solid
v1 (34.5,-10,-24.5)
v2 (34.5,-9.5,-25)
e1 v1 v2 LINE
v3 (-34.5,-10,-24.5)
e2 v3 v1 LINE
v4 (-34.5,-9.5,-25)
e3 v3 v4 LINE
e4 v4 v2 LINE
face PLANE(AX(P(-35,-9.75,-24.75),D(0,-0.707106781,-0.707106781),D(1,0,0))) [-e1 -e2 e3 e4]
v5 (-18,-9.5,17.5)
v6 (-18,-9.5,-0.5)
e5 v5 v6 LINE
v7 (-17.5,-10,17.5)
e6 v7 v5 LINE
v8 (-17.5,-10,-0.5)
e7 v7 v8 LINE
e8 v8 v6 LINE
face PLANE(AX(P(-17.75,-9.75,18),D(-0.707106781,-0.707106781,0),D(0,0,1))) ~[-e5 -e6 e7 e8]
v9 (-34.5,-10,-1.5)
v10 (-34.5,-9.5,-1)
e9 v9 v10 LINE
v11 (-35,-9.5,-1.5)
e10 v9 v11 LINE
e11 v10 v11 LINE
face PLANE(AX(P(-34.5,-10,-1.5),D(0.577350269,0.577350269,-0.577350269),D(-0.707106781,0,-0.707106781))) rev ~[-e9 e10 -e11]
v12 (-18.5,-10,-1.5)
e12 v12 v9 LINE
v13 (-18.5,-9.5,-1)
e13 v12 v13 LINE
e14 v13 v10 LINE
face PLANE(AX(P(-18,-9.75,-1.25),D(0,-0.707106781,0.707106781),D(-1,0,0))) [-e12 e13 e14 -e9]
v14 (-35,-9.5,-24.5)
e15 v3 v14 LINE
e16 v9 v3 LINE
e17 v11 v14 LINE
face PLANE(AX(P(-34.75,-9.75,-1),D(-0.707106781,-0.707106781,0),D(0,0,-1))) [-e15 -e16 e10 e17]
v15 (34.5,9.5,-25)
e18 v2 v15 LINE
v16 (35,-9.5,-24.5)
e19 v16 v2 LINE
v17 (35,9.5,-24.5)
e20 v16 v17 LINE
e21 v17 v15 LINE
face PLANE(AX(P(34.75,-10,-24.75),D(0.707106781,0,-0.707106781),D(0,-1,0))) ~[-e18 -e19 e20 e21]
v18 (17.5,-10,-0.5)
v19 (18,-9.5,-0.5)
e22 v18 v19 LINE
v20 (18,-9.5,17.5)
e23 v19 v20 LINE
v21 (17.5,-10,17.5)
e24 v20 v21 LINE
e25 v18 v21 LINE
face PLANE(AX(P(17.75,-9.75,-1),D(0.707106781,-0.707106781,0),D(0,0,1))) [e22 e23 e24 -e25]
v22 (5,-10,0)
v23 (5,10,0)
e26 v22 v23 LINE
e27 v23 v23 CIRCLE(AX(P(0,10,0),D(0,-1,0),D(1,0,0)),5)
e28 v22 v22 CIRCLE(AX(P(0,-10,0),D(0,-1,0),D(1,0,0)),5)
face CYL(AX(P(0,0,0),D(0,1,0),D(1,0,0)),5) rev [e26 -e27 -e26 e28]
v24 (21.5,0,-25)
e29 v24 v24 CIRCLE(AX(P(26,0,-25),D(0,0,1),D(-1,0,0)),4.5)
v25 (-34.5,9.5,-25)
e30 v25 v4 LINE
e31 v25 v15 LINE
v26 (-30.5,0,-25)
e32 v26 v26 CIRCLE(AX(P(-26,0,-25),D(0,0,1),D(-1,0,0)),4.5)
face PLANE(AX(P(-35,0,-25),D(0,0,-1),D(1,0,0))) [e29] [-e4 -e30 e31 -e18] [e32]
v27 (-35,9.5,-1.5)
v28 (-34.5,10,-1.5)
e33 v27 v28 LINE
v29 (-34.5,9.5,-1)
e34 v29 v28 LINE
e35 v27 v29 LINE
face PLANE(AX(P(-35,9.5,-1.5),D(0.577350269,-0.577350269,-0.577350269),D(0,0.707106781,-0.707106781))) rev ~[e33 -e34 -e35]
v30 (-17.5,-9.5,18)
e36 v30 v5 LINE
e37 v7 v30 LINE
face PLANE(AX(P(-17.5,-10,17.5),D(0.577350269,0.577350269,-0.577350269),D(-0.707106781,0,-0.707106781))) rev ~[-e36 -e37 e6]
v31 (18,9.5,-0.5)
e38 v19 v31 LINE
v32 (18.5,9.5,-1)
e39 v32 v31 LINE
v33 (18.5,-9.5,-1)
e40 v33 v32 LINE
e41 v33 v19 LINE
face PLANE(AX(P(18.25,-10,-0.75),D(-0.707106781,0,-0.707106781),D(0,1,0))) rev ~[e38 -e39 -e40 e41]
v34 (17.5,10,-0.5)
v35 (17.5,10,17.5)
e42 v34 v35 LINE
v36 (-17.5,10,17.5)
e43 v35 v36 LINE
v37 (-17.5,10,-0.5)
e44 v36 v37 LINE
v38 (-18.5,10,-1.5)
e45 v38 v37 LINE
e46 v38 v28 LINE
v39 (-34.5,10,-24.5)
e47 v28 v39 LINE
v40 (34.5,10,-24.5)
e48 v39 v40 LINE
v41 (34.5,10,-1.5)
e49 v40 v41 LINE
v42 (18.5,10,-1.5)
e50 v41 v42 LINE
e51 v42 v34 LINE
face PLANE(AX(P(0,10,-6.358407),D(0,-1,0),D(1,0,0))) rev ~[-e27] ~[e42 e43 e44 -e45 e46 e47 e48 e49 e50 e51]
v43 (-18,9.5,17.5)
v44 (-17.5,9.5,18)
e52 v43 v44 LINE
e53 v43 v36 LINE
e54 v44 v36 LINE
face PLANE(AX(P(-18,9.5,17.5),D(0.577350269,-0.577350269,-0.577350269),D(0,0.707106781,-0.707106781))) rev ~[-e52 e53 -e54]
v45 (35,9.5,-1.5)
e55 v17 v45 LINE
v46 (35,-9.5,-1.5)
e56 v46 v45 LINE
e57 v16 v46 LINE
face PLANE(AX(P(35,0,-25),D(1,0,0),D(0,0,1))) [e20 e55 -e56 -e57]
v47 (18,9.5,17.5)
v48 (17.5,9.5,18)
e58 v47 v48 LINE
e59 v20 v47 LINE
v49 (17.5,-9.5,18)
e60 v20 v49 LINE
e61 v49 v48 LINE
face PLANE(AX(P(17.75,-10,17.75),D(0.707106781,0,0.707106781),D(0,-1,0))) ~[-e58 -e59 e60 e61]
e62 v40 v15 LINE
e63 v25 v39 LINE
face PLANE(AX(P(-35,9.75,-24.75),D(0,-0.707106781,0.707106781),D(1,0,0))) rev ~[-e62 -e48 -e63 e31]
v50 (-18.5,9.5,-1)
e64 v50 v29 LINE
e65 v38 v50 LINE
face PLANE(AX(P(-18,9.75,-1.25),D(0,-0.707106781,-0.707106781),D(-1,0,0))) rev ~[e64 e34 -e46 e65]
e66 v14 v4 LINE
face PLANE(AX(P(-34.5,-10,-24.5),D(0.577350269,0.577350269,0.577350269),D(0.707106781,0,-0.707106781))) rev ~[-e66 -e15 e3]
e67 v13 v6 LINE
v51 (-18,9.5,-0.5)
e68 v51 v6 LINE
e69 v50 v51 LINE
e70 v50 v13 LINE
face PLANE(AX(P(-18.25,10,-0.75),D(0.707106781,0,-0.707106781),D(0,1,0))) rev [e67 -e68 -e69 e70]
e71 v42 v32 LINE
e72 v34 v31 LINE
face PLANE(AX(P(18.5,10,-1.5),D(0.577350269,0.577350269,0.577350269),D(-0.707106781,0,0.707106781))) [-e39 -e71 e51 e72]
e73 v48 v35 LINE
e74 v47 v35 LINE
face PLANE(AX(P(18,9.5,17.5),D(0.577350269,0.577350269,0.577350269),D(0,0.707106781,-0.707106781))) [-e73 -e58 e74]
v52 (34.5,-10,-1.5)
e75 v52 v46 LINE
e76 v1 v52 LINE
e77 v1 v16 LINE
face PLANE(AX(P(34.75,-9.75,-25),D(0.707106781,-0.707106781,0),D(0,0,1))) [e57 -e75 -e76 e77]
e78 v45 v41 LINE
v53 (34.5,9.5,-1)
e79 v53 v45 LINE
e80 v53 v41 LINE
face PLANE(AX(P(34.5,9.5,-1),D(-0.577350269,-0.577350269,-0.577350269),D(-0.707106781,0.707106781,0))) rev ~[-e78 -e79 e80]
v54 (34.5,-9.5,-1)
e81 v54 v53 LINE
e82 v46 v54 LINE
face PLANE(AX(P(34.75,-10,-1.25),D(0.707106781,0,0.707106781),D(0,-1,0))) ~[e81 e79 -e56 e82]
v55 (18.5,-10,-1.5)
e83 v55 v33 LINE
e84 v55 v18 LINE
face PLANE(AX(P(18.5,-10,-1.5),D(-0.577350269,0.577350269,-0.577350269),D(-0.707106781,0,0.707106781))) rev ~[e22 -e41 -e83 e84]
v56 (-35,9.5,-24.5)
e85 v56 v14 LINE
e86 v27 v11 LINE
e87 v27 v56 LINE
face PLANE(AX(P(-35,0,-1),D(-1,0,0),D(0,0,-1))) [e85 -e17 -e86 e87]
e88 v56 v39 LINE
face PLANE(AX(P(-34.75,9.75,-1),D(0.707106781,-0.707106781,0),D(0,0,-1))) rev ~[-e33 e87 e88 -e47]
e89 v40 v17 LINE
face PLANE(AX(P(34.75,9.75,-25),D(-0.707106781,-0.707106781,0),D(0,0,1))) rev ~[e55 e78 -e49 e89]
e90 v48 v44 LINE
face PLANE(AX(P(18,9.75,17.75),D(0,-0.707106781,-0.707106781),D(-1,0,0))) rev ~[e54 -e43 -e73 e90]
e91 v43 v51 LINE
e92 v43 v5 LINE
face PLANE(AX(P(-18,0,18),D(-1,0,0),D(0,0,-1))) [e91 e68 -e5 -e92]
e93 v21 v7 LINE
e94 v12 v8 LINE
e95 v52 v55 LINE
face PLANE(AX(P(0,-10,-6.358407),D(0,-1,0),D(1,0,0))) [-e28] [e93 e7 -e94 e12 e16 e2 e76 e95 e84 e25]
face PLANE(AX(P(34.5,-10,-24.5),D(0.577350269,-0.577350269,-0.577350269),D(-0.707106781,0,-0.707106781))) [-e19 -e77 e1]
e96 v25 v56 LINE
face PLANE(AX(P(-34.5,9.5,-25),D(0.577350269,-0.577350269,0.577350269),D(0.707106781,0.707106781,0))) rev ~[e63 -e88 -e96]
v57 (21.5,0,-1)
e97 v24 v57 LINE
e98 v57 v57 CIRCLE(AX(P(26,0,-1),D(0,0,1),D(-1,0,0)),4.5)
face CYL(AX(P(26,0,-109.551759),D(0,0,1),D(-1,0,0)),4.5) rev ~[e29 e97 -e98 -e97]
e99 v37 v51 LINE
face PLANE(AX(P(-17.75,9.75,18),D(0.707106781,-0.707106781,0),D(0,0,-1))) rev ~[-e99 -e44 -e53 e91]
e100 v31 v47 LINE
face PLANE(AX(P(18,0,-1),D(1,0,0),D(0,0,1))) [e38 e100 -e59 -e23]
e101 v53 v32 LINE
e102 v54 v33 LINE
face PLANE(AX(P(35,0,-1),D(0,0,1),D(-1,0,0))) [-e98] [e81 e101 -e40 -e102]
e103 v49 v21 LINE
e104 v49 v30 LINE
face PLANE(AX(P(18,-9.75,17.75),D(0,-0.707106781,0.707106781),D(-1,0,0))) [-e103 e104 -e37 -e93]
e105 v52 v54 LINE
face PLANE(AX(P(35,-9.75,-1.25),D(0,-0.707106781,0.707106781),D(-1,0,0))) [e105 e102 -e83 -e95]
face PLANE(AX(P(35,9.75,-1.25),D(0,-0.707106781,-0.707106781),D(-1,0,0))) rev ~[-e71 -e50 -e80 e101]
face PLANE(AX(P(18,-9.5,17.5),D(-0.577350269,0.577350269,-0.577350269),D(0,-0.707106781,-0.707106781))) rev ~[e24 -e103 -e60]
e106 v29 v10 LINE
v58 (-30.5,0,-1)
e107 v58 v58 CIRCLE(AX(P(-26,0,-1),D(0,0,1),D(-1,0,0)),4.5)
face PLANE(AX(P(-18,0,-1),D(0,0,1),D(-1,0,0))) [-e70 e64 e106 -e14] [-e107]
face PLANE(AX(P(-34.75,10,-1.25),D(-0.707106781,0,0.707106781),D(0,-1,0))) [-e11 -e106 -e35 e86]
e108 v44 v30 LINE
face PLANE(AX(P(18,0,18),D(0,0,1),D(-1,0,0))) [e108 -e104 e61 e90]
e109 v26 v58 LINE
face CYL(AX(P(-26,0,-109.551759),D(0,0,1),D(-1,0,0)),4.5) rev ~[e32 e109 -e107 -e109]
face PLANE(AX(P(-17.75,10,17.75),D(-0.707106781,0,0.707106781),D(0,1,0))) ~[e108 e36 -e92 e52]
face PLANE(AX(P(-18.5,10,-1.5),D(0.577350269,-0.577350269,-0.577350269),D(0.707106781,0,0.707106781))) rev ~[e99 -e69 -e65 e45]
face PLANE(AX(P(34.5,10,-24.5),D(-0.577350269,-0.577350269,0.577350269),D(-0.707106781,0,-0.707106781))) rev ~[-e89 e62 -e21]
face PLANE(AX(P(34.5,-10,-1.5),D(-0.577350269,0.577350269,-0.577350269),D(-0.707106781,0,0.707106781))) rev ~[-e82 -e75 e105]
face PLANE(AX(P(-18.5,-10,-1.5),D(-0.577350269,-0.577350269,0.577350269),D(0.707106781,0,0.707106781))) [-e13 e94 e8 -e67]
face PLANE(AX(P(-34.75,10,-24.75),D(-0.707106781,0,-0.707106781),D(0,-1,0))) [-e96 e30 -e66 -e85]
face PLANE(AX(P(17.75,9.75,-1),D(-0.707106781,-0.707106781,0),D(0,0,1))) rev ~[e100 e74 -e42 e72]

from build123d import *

# Parameters (mm, degrees)
F0_R     = 5
F1_DEPTH = 10
F2_SIZE  = 0.5
F4_D     = 9


with BuildPart() as f1:
    # F0 (on Front) → F1 (new body, symmetric)
    with BuildSketch(Plane.XZ):
        Polygon((18, 18), (0, 18), (-18, 18), (-18, -1), (-35, -1), (-35, -25), (0, -25), (35, -25), (35, -1), (18, -1), align=None)
        Circle(F0_R, mode=Mode.SUBTRACT)
    extrude(amount=F1_DEPTH, both=True)

    # F2
    f2_edges = [f1.edges().sort_by_distance(p)[0] for p in [
        (0, 10, 18),
        (-18, 0, 18),
        (0, -10, 18),
        (18, 0, 18),
        (-18, 0, -1),
        (-26.5, 10, -1),
        (-35, 0, -1),
        (-26.5, -10, -1),
        (-18, 10, 8.5),
        (-18, -10, 8.5),
        (-35, 10, -13),
        (-35, 0, -25),
        (-35, -10, -13),
        (35, 0, -25),
        (35, 10, -13),
        (35, 0, -1),
        (35, -10, -13),
        (18, 10, 8.5),
        (18, -10, 8.5),
        (18, 0, -1),
        (26.5, 10, -1),
        (26.5, -10, -1),
        (0, 10, -25),
        (0, -10, -25),
    ]]
    chamfer(f2_edges, length=F2_SIZE)

    # F4 (through all)
    with Locations(Plane(origin=(0, 0, -25), x_dir=(1, 0, 0), z_dir=(0, 0, -1))):
        with Locations((-26, 0), (26, 0)):
            Hole(F4_D / 2)


solid = f1.part
